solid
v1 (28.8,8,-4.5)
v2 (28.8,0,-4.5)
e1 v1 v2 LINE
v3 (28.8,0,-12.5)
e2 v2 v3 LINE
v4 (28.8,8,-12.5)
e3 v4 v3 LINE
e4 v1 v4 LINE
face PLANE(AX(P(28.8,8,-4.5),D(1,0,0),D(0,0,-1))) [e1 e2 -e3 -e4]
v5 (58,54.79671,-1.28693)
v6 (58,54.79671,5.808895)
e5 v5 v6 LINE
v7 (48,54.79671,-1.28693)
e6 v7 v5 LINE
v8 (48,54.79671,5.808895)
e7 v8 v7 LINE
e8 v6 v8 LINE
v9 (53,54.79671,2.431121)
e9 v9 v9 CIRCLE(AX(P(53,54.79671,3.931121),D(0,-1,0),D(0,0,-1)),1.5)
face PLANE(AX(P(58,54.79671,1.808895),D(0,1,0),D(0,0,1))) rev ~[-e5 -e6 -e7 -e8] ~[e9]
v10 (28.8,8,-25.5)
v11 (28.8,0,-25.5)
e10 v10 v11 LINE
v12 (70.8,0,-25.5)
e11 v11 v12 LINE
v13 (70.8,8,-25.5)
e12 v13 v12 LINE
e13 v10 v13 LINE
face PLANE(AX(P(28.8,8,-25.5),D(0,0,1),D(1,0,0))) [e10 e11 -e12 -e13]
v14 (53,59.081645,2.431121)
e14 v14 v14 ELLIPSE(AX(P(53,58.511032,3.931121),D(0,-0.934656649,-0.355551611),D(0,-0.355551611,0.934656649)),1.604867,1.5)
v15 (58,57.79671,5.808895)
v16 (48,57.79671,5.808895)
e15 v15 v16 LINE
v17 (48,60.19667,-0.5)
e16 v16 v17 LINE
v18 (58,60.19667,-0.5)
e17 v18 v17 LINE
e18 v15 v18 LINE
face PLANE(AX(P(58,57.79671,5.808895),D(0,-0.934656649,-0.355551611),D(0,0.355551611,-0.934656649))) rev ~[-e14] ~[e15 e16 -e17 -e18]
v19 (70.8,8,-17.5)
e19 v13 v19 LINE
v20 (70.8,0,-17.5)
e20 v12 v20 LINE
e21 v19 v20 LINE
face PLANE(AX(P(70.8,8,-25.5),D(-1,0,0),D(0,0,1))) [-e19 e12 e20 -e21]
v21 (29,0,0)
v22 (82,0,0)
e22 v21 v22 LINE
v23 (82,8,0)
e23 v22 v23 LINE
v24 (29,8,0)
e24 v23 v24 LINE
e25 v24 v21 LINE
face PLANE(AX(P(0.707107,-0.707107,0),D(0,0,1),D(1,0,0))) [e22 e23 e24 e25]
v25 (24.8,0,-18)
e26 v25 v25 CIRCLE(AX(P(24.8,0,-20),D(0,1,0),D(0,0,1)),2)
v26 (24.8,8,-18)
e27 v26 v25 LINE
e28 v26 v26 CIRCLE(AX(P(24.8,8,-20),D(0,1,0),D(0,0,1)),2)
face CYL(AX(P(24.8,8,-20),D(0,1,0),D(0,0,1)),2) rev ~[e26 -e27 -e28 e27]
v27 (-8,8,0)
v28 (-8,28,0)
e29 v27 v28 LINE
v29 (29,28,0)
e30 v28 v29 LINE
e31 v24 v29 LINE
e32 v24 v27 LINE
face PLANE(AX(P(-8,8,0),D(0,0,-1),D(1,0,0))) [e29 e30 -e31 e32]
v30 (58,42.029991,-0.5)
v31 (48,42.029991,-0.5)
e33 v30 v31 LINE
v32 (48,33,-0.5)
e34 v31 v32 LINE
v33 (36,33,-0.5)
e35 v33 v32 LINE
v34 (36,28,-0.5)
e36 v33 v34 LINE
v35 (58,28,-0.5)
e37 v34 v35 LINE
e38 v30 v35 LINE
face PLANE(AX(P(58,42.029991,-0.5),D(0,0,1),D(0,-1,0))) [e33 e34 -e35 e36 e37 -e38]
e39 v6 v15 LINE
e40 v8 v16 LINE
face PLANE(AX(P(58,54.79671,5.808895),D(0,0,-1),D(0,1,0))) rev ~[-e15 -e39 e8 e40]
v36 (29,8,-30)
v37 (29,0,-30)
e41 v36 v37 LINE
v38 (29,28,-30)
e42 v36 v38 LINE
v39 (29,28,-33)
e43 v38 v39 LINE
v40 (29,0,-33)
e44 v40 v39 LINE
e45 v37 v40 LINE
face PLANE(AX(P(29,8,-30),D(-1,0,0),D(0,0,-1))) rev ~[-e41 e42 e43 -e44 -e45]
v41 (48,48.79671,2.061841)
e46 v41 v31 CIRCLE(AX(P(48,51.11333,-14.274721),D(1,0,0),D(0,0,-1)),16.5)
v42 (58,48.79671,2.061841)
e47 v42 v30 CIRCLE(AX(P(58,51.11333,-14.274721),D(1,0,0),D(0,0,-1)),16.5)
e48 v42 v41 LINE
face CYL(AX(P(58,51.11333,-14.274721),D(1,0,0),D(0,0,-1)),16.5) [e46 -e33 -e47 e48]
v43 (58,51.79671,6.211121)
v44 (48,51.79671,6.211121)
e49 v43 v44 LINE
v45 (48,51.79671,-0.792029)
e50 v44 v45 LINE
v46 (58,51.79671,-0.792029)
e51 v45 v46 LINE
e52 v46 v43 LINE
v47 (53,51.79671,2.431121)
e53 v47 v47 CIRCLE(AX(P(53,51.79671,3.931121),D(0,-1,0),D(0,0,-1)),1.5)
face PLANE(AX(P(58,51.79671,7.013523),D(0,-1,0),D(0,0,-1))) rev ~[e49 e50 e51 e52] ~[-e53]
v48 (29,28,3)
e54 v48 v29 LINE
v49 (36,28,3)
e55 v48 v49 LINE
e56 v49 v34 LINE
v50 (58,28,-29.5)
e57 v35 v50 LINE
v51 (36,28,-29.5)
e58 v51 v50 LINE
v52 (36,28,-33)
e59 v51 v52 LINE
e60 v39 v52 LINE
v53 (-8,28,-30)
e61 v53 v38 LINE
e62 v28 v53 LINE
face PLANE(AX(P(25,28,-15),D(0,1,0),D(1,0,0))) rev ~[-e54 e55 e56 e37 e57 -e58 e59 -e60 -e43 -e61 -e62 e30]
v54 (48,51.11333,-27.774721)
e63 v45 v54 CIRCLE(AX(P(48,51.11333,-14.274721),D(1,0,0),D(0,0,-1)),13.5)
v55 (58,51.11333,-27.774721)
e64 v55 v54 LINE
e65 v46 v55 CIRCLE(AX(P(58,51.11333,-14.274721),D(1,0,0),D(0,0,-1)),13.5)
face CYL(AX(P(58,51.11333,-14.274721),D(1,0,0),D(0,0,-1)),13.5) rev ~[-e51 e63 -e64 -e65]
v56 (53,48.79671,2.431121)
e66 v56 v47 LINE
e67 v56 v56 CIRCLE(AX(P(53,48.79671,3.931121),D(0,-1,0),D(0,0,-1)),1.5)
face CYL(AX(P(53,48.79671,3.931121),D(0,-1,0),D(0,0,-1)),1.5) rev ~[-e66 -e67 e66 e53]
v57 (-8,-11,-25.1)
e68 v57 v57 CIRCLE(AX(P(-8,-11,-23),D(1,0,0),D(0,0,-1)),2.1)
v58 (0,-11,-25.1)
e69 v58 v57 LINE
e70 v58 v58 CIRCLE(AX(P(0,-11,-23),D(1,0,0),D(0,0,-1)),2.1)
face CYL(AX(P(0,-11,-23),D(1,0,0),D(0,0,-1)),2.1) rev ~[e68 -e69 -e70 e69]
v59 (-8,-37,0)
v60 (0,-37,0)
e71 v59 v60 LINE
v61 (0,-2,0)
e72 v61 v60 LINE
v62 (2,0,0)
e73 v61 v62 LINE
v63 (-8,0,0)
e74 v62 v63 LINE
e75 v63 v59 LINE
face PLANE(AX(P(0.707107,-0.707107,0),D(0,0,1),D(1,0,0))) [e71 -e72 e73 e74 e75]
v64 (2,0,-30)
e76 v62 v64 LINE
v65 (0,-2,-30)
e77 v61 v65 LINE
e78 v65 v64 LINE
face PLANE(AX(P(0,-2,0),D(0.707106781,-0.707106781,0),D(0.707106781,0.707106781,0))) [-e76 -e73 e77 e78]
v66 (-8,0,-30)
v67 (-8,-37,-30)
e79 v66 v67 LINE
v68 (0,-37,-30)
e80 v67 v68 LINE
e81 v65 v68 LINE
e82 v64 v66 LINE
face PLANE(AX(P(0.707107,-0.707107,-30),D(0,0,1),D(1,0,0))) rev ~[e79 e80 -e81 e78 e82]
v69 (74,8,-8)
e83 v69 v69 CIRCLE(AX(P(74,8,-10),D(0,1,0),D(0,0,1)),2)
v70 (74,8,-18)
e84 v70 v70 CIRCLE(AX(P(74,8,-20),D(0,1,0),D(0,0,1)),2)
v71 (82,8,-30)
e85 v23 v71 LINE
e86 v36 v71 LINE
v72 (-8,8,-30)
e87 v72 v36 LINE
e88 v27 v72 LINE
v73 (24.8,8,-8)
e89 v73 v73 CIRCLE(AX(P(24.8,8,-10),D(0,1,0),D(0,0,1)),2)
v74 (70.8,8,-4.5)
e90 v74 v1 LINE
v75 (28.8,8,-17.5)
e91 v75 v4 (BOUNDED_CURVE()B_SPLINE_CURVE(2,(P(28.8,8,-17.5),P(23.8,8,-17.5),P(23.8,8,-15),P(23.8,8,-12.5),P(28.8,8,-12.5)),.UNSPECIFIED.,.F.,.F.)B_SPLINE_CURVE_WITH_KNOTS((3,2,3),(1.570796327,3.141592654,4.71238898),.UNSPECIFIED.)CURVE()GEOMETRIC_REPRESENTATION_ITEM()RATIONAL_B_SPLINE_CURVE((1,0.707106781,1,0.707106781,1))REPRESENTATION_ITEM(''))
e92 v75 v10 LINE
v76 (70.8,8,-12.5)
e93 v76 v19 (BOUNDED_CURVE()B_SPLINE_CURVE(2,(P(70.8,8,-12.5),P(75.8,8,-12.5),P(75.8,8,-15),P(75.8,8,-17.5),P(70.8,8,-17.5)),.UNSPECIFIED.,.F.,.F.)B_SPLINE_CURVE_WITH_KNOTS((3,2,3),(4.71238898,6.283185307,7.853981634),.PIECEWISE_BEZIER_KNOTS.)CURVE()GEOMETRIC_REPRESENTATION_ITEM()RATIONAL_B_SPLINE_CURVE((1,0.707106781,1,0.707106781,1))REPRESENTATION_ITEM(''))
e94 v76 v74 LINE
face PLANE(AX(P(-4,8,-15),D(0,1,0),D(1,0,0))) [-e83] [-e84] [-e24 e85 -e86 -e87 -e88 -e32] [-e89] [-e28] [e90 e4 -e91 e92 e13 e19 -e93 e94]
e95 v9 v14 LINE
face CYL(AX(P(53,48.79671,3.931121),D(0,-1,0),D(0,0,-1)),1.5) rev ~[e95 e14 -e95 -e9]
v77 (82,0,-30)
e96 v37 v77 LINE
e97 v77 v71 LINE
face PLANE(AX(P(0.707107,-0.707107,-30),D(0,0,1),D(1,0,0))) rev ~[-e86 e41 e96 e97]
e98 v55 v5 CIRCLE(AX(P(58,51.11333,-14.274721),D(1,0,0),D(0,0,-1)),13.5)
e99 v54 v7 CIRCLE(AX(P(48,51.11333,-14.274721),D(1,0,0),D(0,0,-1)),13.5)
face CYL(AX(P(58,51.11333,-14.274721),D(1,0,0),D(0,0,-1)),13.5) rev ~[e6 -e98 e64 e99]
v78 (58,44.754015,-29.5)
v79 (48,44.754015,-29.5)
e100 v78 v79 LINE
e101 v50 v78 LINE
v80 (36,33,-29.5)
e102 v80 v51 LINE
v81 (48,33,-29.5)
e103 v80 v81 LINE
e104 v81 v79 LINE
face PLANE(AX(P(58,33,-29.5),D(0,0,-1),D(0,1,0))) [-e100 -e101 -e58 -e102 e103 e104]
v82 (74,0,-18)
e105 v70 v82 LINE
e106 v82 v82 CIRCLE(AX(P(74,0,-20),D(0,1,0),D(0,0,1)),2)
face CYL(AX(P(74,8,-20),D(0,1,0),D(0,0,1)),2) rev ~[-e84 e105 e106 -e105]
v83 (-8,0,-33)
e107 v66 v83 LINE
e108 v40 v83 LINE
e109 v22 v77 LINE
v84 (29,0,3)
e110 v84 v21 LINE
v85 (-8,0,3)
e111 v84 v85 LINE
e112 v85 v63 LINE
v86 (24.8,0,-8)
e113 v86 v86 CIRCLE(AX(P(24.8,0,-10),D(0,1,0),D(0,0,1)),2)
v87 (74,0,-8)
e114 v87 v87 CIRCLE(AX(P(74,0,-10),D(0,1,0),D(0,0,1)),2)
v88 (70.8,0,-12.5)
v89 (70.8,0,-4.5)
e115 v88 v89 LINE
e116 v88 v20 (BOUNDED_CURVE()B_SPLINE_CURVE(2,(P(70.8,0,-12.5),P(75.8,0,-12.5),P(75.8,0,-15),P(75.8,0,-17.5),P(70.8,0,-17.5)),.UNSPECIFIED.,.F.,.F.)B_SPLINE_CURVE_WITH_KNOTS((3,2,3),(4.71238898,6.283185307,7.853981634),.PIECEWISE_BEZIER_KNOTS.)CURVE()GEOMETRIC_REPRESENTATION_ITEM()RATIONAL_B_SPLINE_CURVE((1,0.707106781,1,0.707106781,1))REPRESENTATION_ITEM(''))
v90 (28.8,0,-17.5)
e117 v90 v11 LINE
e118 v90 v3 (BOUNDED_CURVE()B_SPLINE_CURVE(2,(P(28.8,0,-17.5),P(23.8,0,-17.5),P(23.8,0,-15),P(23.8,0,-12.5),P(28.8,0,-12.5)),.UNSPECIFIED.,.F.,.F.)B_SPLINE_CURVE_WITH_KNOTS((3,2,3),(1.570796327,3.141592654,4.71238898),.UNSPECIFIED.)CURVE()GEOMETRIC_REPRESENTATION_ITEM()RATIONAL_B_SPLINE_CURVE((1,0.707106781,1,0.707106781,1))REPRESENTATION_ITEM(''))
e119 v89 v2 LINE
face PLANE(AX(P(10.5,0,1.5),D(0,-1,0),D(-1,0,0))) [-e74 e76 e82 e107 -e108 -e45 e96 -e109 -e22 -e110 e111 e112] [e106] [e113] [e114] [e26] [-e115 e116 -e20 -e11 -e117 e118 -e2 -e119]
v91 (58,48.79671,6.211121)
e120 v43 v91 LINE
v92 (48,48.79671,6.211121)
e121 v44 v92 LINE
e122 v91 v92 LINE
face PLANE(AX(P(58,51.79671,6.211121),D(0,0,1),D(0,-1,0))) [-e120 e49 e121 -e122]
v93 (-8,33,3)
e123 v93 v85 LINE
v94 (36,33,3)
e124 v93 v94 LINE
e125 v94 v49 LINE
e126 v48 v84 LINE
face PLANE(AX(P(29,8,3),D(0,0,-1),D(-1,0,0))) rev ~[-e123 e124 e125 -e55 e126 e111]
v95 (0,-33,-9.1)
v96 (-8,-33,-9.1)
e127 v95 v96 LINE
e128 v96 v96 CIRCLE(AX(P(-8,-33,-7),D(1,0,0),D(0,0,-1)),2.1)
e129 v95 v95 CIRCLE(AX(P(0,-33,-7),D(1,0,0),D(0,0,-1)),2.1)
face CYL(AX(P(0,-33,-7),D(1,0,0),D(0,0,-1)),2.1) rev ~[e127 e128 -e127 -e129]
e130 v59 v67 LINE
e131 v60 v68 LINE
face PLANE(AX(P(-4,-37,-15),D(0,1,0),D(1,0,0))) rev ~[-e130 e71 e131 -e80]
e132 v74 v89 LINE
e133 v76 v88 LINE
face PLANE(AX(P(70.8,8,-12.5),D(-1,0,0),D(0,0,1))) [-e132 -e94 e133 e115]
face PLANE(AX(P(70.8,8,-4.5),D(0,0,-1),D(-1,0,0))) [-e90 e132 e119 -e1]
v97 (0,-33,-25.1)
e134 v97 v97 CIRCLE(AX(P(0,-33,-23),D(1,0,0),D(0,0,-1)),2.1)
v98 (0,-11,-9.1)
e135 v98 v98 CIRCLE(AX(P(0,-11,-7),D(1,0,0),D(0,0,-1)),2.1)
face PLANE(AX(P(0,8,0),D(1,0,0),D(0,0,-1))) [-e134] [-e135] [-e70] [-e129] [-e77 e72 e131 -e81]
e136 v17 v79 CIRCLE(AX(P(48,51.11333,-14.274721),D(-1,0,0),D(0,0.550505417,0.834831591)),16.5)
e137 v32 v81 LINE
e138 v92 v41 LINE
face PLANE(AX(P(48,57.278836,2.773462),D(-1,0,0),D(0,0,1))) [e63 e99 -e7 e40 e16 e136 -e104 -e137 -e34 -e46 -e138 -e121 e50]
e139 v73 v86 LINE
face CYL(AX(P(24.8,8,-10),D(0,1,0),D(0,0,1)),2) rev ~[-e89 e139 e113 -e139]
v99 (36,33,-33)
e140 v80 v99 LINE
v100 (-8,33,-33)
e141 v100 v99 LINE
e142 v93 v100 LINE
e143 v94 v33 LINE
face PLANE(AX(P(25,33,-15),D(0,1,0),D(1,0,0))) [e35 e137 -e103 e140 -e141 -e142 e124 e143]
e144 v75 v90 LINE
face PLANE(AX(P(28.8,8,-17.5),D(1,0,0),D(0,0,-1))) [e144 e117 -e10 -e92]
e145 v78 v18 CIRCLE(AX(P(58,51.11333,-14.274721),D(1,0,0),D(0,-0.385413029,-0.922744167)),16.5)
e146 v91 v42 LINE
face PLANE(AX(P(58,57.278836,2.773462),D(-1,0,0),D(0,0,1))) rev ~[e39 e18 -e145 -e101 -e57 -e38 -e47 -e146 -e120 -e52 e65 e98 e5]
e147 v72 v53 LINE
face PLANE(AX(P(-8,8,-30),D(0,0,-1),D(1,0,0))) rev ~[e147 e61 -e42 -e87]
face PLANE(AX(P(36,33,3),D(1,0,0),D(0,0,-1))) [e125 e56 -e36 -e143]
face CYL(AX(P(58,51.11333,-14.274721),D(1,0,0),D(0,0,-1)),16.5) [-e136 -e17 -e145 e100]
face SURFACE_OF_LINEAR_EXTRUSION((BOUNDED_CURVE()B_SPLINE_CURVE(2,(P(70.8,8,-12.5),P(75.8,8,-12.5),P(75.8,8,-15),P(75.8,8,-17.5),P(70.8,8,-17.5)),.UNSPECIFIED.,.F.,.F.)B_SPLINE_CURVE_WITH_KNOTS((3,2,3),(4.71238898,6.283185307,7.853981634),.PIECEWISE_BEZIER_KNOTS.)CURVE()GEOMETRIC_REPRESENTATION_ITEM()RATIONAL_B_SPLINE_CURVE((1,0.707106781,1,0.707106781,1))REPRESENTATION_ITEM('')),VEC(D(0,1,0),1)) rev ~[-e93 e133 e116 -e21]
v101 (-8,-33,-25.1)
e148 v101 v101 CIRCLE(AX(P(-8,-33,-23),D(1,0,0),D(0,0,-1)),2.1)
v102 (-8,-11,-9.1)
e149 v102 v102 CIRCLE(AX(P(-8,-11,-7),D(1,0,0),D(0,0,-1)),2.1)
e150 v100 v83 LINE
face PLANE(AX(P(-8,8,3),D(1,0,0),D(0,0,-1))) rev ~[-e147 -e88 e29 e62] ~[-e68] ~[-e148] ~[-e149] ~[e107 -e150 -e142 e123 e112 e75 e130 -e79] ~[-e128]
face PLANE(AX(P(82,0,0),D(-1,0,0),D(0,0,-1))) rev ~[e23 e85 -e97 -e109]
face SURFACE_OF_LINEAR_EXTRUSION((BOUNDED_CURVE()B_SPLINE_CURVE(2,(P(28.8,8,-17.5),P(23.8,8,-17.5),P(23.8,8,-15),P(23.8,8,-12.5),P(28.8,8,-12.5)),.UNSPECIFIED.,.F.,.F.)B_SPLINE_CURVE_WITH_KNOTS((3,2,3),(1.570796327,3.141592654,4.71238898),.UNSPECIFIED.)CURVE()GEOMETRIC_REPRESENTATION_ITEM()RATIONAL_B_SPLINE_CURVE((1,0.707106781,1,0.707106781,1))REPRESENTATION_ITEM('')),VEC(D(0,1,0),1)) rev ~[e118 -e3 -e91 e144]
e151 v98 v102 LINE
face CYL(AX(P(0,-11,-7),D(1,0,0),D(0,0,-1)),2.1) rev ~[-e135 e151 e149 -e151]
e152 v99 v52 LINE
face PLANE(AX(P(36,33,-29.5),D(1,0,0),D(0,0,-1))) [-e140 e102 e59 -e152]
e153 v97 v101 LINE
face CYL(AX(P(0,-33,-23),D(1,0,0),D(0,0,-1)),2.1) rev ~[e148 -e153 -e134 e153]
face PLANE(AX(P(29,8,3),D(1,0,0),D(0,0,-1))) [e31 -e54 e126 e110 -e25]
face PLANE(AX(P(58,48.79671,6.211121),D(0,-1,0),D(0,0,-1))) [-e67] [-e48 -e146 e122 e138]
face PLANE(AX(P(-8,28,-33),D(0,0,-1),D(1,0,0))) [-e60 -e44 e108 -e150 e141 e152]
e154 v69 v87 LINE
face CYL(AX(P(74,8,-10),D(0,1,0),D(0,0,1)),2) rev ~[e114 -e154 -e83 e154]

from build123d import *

# Parameters (mm, degrees)
SKETCH_1_W          = 82
SKETCH_1_H          = 30
EXTRUDE_1_DEPTH     = 8
SKETCH_2_R          = 2
CUT_EXTRUDE_1_DEPTH = 8
SKETCH_4_W          = 8
SKETCH_4_H          = 30
EXTRUDE_2_DEPTH     = 45
EXTRUDE_5_DEPTH     = 30
SKETCH_15_R         = 2.1
CUT_EXTRUDE_2_DEPTH = 10
SKETCH_17_W         = 37
SKETCH_17_H         = 3
EXTRUDE_6_DEPTH     = 20
EXTRUDE_6_2_DEPTH   = 20
SKETCH_18_W         = 66
SKETCH_18_H         = 36
EXTRUDE_7_DEPTH     = 5
SKETCH_19_W         = 37
SKETCH_19_H         = 3
EXTRUDE_8_DEPTH     = 8
SKETCH_20_W         = 22
SKETCH_20_H         = 3.5
CUT_EXTRUDE_3_DEPTH = 5
SKETCH_21_R         = 16.5
SKETCH_21_R_2       = 13.5
EXTRUDE_9_DEPTH     = 10
SKETCH_22_W         = 9.765091575
SKETCH_22_H         = 3
CUT_EXTRUDE_4_DEPTH = 10
EXTRUDE_10_DEPTH    = 10
SKETCH_24_R         = 1.5
CUT_EXTRUDE_5_DEPTH = 15


with BuildPart() as part:
    # 草圖1 → 填料-伸長1 (new body)
    with BuildSketch(Plane(origin=(0, 0, 0), x_dir=(1, 0, 0), z_dir=(0, 1, 0))):
        with Locations((41, 15)):
            Rectangle(SKETCH_1_W, SKETCH_1_H)
    extrude(amount=EXTRUDE_1_DEPTH)

    # 草圖2 → 除料-伸長1 (cut)
    with BuildSketch(Plane(origin=(0, 8, 0), x_dir=(1, 0, 0), z_dir=(0, 1, 0))):
        with Locations(Location((74, 20, 0), (0, 0, 270))):
            Circle(SKETCH_2_R)
        with Locations(Location((74, 10, 0), (0, 0, 270))):
            Circle(SKETCH_2_R)
        with Locations(Location((24.8, 20, 0), (0, 0, 270))):
            Circle(SKETCH_2_R)
        with Locations(Location((24.8, 10, 0), (0, 0, 270))):
            Circle(SKETCH_2_R)
        with BuildLine():
            Line((28.8, 25.5), (70.8, 25.5))
            Line((70.8, 25.5), (70.8, 17.5))
            add(Edge.make_bspline(
                [(70.8, 12.5), (75.8, 12.5), (75.8, 15), (75.8, 17.5), (70.8, 17.5)],
                knots=[4.71238898, 4.71238898, 4.71238898, 6.283185307, 6.283185307, 7.853981634, 7.853981634, 7.853981634], degree=2, weights=[1, 0.707106781, 1, 0.707106781, 1]))
            Line((70.8, 12.5), (70.8, 4.5))
            Line((70.8, 4.5), (28.8, 4.5))
            Line((28.8, 4.5), (28.8, 12.5))
            add(Edge.make_bspline(
                [(28.8, 17.5), (23.8, 17.5), (23.8, 15), (23.8, 12.5), (28.8, 12.5)],
                knots=[1.570796327, 1.570796327, 1.570796327, 3.141592654, 3.141592654, 4.71238898, 4.71238898, 4.71238898], degree=2, weights=[1, 0.707106781, 1, 0.707106781, 1]))
            Line((28.8, 17.5), (28.8, 25.5))
        make_face()
    extrude(amount=-CUT_EXTRUDE_1_DEPTH, mode=Mode.SUBTRACT)

    # 草圖4 → 填料-伸長2 (add)
    with BuildSketch(Plane(origin=(0, 8, 0), x_dir=(1, 0, 0), z_dir=(0, 1, 0))):
        with Locations((-4, 15)):
            Rectangle(SKETCH_4_W, SKETCH_4_H)
    extrude(amount=-EXTRUDE_2_DEPTH)

    # 草圖14 → 填料-伸長5 (add)
    with BuildSketch(Plane.XY):
        Polygon((0, 0), (0, -2), (2, 0), align=None)
    extrude(amount=-EXTRUDE_5_DEPTH)

    # 草圖15 → 除料-伸長2 (cut)
    with BuildSketch(Plane(origin=(0, 0, 0), x_dir=(0, 0, -1), z_dir=(1, 0, 0))):
        with Locations((7, -33)):
            Circle(SKETCH_15_R)
        with Locations((7, -11)):
            Circle(SKETCH_15_R)
        with Locations((23, -11)):
            Circle(SKETCH_15_R)
        with Locations((23, -33)):
            Circle(SKETCH_15_R)
    extrude(amount=-CUT_EXTRUDE_2_DEPTH, mode=Mode.SUBTRACT)



with BuildPart() as body_2:
    # 草圖17 → 填料-伸長6 (new body)
    with BuildSketch(Plane(origin=(0, 8, 0), x_dir=(1, 0, 0), z_dir=(0, 1, 0))):
        with Locations((10.5, -1.5)):
            Rectangle(SKETCH_17_W, SKETCH_17_H)
    extrude(amount=EXTRUDE_6_DEPTH)



with BuildPart() as body_3:
    # 草圖17 → Extrude 6 2 (new body)
    with BuildSketch(Plane(origin=(0, 8, 0), x_dir=(1, 0, 0), z_dir=(0, 1, 0))):
        with Locations((10.5, 31.5)):
            Rectangle(SKETCH_17_W, SKETCH_17_H)
    extrude(amount=EXTRUDE_6_2_DEPTH)


with BuildPart() as body_2_1:
    add(body_2.part)

    add(body_3.part)  # 填料-伸長7 merges body 3
    # 草圖18 → 填料-伸長7 (add)
    with BuildSketch(Plane(origin=(0, 28, 0), x_dir=(1, 0, 0), z_dir=(0, 1, 0))):
        with Locations((25, 15)):
            Rectangle(SKETCH_18_W, SKETCH_18_H)
    extrude(amount=EXTRUDE_7_DEPTH)


with BuildPart() as part_1:
    add(part.part)

    add(body_2_1.part)  # 填料-伸長8 merges body 2
    # 草圖19 → 填料-伸長8 (add)
    with BuildSketch(Plane(origin=(0, 8, 0), x_dir=(-1, 0, 0), z_dir=(0, -1, 0))):
        with Locations((-10.5, -1.5)):
            Rectangle(SKETCH_19_W, SKETCH_19_H)
        with Locations((-10.5, 31.5)):
            Rectangle(SKETCH_19_W, SKETCH_19_H)
    extrude(amount=EXTRUDE_8_DEPTH)

    # 草圖20 → 除料-伸長3 (cut)
    with BuildSketch(Plane(origin=(0, 33, 0), x_dir=(1, 0, 0), z_dir=(0, 1, 0))):
        with Locations((47, 31.25)):
            Rectangle(SKETCH_20_W, SKETCH_20_H)
        with Locations((47, -1.25)):
            Rectangle(SKETCH_20_W, SKETCH_20_H)
    extrude(amount=-CUT_EXTRUDE_3_DEPTH, mode=Mode.SUBTRACT)



with BuildPart() as body_2_2:
    # 草圖21 → 填料-伸長9 (new body)
    with BuildSketch(Plane(origin=(58, 0, 0), x_dir=(0, 0, -1), z_dir=(1, 0, 0))):
        with Locations((14.274721253, 51.113330164)):
            Circle(SKETCH_21_R)
        with Locations((14.274721253, 51.113330164)):
            Circle(SKETCH_21_R_2, mode=Mode.SUBTRACT)
    extrude(amount=-EXTRUDE_9_DEPTH)

    # 草圖22 → 除料-伸長4 (cut)
    with BuildSketch(Plane(origin=(58, 0, 0), x_dir=(0, 0, -1), z_dir=(1, 0, 0))):
        with Locations((-2.130977474, 53.296710416)):
            Rectangle(SKETCH_22_W, SKETCH_22_H)
    extrude(amount=-CUT_EXTRUDE_4_DEPTH, mode=Mode.SUBTRACT)


with BuildPart() as part_2:
    add(part_1.part)

    add(body_2_2.part)  # 填料-伸長10 merges body 2 2
    # 草圖23 → 填料-伸長10 (add)
    with BuildSketch(Plane(origin=(58, 0, 0), x_dir=(0, 0, -1), z_dir=(1, 0, 0))):
        Polygon((-1.808894943, 54.796710416), (-5.808894943, 54.796710416), (-5.808894943, 57.796710416), (0.5, 60.19666955), align=None)
        Polygon((-2.211120899, 51.796710416), (-6.211120899, 51.796710416), (-6.211120899, 48.796710416), (-2.061841205, 48.796710416), align=None)
        Polygon((0.5, 42.029990777), (0.5, 33), (29.5, 33), (29.5, 44.75401518), (27.62078064, 41.411129443), (13.64058676, 34.62552032), align=None)
    extrude(amount=-EXTRUDE_10_DEPTH)

    # 草圖24 → 除料-伸長5 (cut)
    with BuildSketch(Plane(origin=(0, 48.796710416, 0), x_dir=(-1, 0, 0), z_dir=(0, -1, 0))):
        with Locations(Location((-53, -3.931120899, 0), (0, 0, 90))):
            Circle(SKETCH_24_R)
    extrude(amount=-CUT_EXTRUDE_5_DEPTH, mode=Mode.SUBTRACT)


solid = part_2.part
